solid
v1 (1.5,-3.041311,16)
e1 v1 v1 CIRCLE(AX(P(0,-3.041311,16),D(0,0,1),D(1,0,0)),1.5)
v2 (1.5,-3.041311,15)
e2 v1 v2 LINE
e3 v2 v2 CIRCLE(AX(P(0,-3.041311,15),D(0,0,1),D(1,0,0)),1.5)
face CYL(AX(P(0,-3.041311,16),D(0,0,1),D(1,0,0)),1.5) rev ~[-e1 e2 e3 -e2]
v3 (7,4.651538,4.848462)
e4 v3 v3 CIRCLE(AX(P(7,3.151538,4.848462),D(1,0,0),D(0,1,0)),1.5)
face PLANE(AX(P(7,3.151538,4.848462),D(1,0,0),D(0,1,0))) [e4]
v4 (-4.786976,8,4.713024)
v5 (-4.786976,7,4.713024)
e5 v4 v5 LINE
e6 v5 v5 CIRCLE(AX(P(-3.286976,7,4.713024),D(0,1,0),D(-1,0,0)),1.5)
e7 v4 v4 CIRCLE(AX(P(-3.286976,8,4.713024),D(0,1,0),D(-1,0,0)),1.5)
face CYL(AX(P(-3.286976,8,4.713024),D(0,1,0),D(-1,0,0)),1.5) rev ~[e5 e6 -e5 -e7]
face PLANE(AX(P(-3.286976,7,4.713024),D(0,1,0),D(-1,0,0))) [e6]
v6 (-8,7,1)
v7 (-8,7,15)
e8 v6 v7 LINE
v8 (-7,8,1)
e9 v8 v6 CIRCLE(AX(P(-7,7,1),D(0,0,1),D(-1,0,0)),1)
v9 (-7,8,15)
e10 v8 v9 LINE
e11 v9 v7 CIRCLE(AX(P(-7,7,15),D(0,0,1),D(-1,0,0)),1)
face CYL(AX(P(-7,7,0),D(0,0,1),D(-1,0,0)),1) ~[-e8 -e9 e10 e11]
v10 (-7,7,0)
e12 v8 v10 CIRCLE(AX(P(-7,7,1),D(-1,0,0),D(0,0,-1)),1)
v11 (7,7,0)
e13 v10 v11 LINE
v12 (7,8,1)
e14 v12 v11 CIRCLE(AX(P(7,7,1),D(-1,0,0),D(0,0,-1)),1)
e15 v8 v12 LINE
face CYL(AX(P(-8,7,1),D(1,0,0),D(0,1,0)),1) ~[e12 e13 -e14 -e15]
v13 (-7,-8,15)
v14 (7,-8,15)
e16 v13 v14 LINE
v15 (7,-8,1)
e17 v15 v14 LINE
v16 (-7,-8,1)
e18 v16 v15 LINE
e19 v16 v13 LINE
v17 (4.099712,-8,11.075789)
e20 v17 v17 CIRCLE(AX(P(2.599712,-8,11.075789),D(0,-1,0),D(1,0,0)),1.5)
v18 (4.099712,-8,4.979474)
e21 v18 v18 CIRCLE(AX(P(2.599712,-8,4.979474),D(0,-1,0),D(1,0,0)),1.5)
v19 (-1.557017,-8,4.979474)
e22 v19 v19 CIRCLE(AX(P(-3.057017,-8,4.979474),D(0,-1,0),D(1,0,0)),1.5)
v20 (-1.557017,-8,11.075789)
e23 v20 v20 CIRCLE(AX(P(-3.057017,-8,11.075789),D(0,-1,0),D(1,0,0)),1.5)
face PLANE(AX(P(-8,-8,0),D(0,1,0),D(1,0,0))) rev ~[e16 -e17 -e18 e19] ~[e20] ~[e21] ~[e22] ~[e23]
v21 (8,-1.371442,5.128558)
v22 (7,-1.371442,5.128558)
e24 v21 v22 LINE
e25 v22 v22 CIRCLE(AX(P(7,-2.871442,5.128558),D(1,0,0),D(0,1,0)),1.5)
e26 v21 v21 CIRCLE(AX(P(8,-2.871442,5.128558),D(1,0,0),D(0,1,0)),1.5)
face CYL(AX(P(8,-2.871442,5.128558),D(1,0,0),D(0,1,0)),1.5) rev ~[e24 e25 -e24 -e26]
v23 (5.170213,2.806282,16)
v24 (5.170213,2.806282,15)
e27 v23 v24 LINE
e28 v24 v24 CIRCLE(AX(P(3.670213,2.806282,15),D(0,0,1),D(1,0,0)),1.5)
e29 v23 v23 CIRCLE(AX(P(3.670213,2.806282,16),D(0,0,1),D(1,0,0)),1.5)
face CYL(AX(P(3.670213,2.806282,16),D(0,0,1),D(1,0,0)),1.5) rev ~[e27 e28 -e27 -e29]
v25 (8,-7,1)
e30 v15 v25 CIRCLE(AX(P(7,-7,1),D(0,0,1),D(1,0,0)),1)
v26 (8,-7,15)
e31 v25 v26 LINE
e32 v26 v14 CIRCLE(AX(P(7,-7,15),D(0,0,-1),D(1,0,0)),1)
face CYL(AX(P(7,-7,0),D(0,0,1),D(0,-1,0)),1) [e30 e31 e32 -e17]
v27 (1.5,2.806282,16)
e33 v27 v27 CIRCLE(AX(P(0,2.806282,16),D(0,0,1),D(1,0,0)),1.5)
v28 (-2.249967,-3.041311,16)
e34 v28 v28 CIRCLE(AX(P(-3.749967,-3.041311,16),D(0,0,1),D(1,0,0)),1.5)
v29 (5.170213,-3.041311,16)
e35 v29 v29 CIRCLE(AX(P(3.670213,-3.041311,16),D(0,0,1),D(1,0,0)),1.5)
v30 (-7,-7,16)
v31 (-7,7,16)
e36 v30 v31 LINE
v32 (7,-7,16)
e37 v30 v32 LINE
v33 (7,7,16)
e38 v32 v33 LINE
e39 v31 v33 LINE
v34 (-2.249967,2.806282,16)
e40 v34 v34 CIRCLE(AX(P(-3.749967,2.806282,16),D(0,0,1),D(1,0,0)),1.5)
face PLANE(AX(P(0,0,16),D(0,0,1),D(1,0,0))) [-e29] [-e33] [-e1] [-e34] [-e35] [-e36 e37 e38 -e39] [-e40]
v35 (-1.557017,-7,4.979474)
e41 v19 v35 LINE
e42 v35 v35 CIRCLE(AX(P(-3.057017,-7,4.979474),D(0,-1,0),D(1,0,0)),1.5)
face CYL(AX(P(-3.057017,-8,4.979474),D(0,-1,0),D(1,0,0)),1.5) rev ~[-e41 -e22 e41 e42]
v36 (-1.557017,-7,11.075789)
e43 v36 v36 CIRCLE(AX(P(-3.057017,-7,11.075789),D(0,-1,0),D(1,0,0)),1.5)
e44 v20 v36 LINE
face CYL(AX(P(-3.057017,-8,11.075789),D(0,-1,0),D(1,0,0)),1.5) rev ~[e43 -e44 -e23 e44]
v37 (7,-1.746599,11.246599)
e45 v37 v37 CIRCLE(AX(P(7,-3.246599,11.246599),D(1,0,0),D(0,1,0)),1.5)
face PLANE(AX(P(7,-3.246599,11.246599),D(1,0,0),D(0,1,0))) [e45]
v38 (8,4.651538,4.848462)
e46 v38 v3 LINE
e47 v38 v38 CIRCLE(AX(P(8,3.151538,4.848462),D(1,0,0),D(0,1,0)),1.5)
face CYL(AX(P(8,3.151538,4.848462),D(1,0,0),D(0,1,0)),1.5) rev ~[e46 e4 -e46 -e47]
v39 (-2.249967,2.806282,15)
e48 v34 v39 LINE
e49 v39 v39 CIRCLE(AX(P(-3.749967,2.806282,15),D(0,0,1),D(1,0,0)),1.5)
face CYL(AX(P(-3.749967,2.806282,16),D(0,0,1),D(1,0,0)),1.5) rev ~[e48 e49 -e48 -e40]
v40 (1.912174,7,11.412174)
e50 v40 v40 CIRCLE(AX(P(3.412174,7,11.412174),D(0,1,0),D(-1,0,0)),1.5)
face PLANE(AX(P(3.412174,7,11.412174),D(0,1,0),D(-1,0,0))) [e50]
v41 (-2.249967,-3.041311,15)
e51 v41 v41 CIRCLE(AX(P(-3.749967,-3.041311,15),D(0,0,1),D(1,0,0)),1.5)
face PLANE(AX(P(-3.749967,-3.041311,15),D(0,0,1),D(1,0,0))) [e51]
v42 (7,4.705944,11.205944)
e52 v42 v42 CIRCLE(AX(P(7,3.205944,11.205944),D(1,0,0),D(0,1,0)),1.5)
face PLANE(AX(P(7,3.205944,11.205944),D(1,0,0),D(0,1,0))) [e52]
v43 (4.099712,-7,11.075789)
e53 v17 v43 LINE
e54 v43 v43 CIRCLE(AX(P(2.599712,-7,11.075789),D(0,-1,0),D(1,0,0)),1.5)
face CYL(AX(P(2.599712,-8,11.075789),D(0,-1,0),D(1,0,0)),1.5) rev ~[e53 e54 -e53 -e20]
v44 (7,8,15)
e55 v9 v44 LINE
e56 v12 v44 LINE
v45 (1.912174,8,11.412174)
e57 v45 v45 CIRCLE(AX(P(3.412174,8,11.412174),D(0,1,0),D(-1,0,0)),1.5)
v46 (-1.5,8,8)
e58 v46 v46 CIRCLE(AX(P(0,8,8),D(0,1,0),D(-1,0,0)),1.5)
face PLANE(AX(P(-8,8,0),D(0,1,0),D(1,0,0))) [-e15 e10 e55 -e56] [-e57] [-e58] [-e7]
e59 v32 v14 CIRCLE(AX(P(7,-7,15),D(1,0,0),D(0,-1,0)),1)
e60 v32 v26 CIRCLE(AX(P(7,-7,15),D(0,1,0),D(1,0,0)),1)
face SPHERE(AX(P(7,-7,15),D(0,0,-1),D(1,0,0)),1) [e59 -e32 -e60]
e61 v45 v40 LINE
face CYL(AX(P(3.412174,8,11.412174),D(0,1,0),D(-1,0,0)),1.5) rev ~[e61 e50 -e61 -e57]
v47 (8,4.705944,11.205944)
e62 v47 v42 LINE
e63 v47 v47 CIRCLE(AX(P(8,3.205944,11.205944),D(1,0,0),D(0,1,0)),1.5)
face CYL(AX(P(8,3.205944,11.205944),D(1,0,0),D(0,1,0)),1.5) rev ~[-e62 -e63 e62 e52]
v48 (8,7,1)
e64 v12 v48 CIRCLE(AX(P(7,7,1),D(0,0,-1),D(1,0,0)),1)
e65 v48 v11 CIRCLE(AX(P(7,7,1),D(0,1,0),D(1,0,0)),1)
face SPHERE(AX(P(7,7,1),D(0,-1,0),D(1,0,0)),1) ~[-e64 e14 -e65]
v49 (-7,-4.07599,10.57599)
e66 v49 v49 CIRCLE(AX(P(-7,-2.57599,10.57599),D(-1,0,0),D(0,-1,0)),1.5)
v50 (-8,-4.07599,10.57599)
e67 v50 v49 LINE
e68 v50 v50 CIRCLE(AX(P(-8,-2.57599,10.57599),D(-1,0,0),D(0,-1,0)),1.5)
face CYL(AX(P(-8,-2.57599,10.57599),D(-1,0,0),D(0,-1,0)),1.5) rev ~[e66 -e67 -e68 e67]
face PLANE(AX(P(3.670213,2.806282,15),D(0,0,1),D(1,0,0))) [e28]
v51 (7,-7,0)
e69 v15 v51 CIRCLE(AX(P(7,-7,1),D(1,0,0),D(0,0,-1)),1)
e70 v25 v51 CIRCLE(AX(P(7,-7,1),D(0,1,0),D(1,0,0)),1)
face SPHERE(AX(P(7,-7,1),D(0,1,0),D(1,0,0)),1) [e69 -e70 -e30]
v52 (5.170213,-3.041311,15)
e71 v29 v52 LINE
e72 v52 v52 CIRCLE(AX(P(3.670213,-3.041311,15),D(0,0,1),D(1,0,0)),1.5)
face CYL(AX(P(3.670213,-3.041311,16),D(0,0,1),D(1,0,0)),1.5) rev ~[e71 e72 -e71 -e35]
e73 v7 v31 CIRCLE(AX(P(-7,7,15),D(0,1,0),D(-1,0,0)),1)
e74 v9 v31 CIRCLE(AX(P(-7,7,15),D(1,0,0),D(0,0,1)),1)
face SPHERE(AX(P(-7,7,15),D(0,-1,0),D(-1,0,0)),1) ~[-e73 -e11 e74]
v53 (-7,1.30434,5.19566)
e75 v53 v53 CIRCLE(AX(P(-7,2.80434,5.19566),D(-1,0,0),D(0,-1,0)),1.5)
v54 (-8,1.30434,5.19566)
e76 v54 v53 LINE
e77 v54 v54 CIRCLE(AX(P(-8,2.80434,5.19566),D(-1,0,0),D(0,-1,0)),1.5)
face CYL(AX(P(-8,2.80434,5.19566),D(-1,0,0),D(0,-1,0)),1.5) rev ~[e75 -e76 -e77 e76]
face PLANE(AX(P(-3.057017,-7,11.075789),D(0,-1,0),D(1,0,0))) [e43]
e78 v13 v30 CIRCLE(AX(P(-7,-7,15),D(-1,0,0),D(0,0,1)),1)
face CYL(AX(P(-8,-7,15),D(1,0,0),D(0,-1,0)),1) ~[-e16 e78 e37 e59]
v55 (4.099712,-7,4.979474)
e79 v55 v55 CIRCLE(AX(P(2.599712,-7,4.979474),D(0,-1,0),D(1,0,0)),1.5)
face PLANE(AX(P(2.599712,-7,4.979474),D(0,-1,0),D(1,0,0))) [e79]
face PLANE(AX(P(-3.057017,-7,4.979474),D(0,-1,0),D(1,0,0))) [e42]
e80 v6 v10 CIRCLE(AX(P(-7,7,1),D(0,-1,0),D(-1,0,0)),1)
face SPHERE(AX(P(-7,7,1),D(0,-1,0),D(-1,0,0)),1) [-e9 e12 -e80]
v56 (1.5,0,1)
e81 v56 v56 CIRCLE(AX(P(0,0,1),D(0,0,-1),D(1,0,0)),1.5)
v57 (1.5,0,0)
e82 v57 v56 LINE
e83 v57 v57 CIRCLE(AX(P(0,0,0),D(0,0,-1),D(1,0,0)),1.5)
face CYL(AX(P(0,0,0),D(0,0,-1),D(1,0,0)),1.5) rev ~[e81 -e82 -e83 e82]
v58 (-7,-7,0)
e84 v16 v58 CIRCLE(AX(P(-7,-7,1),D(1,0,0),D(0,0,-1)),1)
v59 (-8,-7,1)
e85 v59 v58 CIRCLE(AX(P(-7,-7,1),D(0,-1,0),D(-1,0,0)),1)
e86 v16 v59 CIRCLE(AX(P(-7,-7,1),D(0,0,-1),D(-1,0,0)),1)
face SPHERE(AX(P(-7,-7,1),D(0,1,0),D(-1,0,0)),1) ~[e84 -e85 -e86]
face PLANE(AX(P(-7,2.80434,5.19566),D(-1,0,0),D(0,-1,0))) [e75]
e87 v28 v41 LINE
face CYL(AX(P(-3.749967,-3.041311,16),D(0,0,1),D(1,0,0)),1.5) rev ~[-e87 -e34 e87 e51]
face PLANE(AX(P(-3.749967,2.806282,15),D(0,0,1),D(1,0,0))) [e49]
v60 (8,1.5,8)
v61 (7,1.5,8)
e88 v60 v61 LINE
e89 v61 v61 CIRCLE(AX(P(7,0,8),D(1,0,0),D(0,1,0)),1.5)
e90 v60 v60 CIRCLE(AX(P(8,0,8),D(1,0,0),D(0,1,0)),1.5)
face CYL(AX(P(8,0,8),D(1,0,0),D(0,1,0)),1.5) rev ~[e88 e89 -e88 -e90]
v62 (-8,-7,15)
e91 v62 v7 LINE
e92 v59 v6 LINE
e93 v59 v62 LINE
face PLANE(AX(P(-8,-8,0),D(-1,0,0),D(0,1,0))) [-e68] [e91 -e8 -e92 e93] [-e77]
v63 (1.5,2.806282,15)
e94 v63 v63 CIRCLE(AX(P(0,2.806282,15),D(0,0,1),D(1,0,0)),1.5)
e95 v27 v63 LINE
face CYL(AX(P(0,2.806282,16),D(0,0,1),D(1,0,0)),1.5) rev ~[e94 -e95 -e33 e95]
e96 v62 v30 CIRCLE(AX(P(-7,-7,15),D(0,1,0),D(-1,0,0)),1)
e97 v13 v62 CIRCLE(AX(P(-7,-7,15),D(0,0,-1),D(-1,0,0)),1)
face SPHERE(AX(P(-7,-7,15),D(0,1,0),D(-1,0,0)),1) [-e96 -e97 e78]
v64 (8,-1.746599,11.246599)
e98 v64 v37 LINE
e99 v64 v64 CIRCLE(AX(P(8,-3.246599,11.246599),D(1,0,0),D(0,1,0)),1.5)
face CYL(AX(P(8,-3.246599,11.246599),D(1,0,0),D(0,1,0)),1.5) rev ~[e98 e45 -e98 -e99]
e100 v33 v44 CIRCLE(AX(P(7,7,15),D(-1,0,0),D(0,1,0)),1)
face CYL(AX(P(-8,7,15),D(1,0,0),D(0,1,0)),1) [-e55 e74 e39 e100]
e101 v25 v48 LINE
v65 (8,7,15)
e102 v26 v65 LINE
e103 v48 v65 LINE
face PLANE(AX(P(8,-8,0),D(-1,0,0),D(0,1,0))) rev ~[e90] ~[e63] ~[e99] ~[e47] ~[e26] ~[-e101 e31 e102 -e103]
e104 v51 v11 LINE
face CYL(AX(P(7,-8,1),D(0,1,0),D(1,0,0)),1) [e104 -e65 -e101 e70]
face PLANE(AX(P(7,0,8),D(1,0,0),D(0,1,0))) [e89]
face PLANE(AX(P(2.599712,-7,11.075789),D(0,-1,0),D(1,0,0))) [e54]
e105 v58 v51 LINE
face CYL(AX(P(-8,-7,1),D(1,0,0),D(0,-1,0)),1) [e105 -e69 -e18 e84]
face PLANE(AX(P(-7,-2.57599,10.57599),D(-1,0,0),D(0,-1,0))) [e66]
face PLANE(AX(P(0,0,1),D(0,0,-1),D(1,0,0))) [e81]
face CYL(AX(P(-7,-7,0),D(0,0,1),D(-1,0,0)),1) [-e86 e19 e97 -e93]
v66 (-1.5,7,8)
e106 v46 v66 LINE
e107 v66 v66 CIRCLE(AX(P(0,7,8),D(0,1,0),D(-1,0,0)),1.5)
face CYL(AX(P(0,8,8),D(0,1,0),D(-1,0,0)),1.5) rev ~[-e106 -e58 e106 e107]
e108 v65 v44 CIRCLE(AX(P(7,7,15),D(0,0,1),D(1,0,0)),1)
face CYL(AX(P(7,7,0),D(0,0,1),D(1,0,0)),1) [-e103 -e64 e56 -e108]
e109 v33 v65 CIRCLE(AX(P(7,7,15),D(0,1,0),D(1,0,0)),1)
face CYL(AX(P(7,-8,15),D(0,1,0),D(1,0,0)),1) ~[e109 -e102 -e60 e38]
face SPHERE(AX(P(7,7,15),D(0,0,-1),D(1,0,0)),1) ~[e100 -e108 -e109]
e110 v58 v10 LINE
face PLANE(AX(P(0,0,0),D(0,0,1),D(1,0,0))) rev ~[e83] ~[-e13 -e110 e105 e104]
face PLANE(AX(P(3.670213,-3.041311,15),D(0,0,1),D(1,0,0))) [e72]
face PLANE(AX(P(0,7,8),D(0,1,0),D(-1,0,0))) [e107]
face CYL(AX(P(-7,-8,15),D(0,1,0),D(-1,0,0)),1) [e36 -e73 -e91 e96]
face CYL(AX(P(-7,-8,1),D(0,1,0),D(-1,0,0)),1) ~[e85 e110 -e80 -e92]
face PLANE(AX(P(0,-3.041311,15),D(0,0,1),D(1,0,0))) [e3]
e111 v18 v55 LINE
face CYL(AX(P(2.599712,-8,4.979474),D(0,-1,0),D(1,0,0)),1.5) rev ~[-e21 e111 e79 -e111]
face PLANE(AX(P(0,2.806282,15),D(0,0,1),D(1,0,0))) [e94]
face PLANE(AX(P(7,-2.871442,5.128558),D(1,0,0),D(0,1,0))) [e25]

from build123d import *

# Parameters (mm, degrees)
F0_W      = 16
F0_H      = 16
F1_DEPTH  = 16
F2_R      = 1
F4_R      = 1.5
F5_DEPTH  = 1
F3_R      = 1.5
F6_DEPTH  = 1
F7_R      = 1.5
F8_DEPTH  = 1
F9_R      = 1.5
F10_DEPTH = 1
F12_R     = 1.5
F13_DEPTH = 1
F11_R     = 1.5
F14_DEPTH = 1


with BuildPart() as f1:
    # F0 (on Top) → F1 (new body)
    with BuildSketch(Plane.XY):
        Rectangle(F0_W, F0_H)
    extrude(amount=F1_DEPTH)

    # F2
    f2_edges = [f1.edges().sort_by_distance(p)[0] for p in [
        (8, 0, 0),
        (8, 8, 8),
        (8, -8, 8),
        (8, 0, 16),
        (-8, 0, 16),
        (-8, 0, 0),
        (-8, -8, 8),
        (-8, 8, 8),
        (0, -8, 16),
        (0, -8, 0),
        (0, 8, 0),
        (0, 8, 16),
    ]]
    fillet(f2_edges, radius=F2_R)

    # F4 (on face) → F5 (cut)
    with BuildSketch(Plane.XY.offset(16)):
        with Locations((3.670213, -3.041311)):
            Circle(F4_R)
        with Locations((3.670213, 2.806282)):
            Circle(F4_R)
        with Locations((0, 2.806282)):
            Circle(F4_R)
        with Locations((-3.749967, 2.806282)):
            Circle(F4_R)
        with Locations((-3.749967, -3.041311)):
            Circle(F4_R)
        with Locations((0, -3.041311)):
            Circle(F4_R)
    extrude(amount=-F5_DEPTH, mode=Mode.SUBTRACT)

    # F3 (on face) → F6 (cut)
    with BuildSketch(Plane(origin=(0, 0, 0), x_dir=(1, 0, 0), z_dir=(0, 0, -1))):
        Circle(F3_R)
    extrude(amount=-F6_DEPTH, mode=Mode.SUBTRACT)

    # F7 (on face) → F8 (cut)
    with BuildSketch(Plane.XZ.offset(8)):
        with Locations((-3.057017, 4.979474)):
            Circle(F7_R)
        with Locations((2.599712, 4.979474)):
            Circle(F7_R)
        with Locations((-3.057017, 11.075789)):
            Circle(F7_R)
        with Locations((2.599712, 11.075789)):
            Circle(F7_R)
    extrude(amount=-F8_DEPTH, mode=Mode.SUBTRACT)

    # F9 (on face) → F10 (cut)
    with BuildSketch(Plane(origin=(-8, 0, 0), x_dir=(0, -1, 0), z_dir=(-1, 0, 0))):
        with Locations((-2.80434, 5.19566)):
            Circle(F9_R)
        with Locations((2.57599, 10.57599)):
            Circle(F9_R)
    extrude(amount=-F10_DEPTH, mode=Mode.SUBTRACT)

    # F12 (on face) → F13 (cut)
    with BuildSketch(Plane.YZ.offset(8)):
        with Locations((0, 8)):
            Circle(F12_R)
        with Locations((3.151538, 4.848462)):
            Circle(F12_R)
        with Locations((-3.246599, 11.246599)):
            Circle(F12_R)
        with Locations((-2.871442, 5.128558)):
            Circle(F12_R)
        with Locations((3.205944, 11.205944)):
            Circle(F12_R)
    extrude(amount=-F13_DEPTH, mode=Mode.SUBTRACT)

    # F11 (on face) → F14 (cut)
    with BuildSketch(Plane(origin=(0, 8, 0), x_dir=(-1, 0, 0), z_dir=(0, 1, 0))):
        with Locations((-3.412174, 11.412174)):
            Circle(F11_R)
        with Locations((3.286976, 4.713024)):
            Circle(F11_R)
        with Locations((0, 8)):
            Circle(F11_R)
    extrude(amount=-F14_DEPTH, mode=Mode.SUBTRACT)


solid = f1.part
